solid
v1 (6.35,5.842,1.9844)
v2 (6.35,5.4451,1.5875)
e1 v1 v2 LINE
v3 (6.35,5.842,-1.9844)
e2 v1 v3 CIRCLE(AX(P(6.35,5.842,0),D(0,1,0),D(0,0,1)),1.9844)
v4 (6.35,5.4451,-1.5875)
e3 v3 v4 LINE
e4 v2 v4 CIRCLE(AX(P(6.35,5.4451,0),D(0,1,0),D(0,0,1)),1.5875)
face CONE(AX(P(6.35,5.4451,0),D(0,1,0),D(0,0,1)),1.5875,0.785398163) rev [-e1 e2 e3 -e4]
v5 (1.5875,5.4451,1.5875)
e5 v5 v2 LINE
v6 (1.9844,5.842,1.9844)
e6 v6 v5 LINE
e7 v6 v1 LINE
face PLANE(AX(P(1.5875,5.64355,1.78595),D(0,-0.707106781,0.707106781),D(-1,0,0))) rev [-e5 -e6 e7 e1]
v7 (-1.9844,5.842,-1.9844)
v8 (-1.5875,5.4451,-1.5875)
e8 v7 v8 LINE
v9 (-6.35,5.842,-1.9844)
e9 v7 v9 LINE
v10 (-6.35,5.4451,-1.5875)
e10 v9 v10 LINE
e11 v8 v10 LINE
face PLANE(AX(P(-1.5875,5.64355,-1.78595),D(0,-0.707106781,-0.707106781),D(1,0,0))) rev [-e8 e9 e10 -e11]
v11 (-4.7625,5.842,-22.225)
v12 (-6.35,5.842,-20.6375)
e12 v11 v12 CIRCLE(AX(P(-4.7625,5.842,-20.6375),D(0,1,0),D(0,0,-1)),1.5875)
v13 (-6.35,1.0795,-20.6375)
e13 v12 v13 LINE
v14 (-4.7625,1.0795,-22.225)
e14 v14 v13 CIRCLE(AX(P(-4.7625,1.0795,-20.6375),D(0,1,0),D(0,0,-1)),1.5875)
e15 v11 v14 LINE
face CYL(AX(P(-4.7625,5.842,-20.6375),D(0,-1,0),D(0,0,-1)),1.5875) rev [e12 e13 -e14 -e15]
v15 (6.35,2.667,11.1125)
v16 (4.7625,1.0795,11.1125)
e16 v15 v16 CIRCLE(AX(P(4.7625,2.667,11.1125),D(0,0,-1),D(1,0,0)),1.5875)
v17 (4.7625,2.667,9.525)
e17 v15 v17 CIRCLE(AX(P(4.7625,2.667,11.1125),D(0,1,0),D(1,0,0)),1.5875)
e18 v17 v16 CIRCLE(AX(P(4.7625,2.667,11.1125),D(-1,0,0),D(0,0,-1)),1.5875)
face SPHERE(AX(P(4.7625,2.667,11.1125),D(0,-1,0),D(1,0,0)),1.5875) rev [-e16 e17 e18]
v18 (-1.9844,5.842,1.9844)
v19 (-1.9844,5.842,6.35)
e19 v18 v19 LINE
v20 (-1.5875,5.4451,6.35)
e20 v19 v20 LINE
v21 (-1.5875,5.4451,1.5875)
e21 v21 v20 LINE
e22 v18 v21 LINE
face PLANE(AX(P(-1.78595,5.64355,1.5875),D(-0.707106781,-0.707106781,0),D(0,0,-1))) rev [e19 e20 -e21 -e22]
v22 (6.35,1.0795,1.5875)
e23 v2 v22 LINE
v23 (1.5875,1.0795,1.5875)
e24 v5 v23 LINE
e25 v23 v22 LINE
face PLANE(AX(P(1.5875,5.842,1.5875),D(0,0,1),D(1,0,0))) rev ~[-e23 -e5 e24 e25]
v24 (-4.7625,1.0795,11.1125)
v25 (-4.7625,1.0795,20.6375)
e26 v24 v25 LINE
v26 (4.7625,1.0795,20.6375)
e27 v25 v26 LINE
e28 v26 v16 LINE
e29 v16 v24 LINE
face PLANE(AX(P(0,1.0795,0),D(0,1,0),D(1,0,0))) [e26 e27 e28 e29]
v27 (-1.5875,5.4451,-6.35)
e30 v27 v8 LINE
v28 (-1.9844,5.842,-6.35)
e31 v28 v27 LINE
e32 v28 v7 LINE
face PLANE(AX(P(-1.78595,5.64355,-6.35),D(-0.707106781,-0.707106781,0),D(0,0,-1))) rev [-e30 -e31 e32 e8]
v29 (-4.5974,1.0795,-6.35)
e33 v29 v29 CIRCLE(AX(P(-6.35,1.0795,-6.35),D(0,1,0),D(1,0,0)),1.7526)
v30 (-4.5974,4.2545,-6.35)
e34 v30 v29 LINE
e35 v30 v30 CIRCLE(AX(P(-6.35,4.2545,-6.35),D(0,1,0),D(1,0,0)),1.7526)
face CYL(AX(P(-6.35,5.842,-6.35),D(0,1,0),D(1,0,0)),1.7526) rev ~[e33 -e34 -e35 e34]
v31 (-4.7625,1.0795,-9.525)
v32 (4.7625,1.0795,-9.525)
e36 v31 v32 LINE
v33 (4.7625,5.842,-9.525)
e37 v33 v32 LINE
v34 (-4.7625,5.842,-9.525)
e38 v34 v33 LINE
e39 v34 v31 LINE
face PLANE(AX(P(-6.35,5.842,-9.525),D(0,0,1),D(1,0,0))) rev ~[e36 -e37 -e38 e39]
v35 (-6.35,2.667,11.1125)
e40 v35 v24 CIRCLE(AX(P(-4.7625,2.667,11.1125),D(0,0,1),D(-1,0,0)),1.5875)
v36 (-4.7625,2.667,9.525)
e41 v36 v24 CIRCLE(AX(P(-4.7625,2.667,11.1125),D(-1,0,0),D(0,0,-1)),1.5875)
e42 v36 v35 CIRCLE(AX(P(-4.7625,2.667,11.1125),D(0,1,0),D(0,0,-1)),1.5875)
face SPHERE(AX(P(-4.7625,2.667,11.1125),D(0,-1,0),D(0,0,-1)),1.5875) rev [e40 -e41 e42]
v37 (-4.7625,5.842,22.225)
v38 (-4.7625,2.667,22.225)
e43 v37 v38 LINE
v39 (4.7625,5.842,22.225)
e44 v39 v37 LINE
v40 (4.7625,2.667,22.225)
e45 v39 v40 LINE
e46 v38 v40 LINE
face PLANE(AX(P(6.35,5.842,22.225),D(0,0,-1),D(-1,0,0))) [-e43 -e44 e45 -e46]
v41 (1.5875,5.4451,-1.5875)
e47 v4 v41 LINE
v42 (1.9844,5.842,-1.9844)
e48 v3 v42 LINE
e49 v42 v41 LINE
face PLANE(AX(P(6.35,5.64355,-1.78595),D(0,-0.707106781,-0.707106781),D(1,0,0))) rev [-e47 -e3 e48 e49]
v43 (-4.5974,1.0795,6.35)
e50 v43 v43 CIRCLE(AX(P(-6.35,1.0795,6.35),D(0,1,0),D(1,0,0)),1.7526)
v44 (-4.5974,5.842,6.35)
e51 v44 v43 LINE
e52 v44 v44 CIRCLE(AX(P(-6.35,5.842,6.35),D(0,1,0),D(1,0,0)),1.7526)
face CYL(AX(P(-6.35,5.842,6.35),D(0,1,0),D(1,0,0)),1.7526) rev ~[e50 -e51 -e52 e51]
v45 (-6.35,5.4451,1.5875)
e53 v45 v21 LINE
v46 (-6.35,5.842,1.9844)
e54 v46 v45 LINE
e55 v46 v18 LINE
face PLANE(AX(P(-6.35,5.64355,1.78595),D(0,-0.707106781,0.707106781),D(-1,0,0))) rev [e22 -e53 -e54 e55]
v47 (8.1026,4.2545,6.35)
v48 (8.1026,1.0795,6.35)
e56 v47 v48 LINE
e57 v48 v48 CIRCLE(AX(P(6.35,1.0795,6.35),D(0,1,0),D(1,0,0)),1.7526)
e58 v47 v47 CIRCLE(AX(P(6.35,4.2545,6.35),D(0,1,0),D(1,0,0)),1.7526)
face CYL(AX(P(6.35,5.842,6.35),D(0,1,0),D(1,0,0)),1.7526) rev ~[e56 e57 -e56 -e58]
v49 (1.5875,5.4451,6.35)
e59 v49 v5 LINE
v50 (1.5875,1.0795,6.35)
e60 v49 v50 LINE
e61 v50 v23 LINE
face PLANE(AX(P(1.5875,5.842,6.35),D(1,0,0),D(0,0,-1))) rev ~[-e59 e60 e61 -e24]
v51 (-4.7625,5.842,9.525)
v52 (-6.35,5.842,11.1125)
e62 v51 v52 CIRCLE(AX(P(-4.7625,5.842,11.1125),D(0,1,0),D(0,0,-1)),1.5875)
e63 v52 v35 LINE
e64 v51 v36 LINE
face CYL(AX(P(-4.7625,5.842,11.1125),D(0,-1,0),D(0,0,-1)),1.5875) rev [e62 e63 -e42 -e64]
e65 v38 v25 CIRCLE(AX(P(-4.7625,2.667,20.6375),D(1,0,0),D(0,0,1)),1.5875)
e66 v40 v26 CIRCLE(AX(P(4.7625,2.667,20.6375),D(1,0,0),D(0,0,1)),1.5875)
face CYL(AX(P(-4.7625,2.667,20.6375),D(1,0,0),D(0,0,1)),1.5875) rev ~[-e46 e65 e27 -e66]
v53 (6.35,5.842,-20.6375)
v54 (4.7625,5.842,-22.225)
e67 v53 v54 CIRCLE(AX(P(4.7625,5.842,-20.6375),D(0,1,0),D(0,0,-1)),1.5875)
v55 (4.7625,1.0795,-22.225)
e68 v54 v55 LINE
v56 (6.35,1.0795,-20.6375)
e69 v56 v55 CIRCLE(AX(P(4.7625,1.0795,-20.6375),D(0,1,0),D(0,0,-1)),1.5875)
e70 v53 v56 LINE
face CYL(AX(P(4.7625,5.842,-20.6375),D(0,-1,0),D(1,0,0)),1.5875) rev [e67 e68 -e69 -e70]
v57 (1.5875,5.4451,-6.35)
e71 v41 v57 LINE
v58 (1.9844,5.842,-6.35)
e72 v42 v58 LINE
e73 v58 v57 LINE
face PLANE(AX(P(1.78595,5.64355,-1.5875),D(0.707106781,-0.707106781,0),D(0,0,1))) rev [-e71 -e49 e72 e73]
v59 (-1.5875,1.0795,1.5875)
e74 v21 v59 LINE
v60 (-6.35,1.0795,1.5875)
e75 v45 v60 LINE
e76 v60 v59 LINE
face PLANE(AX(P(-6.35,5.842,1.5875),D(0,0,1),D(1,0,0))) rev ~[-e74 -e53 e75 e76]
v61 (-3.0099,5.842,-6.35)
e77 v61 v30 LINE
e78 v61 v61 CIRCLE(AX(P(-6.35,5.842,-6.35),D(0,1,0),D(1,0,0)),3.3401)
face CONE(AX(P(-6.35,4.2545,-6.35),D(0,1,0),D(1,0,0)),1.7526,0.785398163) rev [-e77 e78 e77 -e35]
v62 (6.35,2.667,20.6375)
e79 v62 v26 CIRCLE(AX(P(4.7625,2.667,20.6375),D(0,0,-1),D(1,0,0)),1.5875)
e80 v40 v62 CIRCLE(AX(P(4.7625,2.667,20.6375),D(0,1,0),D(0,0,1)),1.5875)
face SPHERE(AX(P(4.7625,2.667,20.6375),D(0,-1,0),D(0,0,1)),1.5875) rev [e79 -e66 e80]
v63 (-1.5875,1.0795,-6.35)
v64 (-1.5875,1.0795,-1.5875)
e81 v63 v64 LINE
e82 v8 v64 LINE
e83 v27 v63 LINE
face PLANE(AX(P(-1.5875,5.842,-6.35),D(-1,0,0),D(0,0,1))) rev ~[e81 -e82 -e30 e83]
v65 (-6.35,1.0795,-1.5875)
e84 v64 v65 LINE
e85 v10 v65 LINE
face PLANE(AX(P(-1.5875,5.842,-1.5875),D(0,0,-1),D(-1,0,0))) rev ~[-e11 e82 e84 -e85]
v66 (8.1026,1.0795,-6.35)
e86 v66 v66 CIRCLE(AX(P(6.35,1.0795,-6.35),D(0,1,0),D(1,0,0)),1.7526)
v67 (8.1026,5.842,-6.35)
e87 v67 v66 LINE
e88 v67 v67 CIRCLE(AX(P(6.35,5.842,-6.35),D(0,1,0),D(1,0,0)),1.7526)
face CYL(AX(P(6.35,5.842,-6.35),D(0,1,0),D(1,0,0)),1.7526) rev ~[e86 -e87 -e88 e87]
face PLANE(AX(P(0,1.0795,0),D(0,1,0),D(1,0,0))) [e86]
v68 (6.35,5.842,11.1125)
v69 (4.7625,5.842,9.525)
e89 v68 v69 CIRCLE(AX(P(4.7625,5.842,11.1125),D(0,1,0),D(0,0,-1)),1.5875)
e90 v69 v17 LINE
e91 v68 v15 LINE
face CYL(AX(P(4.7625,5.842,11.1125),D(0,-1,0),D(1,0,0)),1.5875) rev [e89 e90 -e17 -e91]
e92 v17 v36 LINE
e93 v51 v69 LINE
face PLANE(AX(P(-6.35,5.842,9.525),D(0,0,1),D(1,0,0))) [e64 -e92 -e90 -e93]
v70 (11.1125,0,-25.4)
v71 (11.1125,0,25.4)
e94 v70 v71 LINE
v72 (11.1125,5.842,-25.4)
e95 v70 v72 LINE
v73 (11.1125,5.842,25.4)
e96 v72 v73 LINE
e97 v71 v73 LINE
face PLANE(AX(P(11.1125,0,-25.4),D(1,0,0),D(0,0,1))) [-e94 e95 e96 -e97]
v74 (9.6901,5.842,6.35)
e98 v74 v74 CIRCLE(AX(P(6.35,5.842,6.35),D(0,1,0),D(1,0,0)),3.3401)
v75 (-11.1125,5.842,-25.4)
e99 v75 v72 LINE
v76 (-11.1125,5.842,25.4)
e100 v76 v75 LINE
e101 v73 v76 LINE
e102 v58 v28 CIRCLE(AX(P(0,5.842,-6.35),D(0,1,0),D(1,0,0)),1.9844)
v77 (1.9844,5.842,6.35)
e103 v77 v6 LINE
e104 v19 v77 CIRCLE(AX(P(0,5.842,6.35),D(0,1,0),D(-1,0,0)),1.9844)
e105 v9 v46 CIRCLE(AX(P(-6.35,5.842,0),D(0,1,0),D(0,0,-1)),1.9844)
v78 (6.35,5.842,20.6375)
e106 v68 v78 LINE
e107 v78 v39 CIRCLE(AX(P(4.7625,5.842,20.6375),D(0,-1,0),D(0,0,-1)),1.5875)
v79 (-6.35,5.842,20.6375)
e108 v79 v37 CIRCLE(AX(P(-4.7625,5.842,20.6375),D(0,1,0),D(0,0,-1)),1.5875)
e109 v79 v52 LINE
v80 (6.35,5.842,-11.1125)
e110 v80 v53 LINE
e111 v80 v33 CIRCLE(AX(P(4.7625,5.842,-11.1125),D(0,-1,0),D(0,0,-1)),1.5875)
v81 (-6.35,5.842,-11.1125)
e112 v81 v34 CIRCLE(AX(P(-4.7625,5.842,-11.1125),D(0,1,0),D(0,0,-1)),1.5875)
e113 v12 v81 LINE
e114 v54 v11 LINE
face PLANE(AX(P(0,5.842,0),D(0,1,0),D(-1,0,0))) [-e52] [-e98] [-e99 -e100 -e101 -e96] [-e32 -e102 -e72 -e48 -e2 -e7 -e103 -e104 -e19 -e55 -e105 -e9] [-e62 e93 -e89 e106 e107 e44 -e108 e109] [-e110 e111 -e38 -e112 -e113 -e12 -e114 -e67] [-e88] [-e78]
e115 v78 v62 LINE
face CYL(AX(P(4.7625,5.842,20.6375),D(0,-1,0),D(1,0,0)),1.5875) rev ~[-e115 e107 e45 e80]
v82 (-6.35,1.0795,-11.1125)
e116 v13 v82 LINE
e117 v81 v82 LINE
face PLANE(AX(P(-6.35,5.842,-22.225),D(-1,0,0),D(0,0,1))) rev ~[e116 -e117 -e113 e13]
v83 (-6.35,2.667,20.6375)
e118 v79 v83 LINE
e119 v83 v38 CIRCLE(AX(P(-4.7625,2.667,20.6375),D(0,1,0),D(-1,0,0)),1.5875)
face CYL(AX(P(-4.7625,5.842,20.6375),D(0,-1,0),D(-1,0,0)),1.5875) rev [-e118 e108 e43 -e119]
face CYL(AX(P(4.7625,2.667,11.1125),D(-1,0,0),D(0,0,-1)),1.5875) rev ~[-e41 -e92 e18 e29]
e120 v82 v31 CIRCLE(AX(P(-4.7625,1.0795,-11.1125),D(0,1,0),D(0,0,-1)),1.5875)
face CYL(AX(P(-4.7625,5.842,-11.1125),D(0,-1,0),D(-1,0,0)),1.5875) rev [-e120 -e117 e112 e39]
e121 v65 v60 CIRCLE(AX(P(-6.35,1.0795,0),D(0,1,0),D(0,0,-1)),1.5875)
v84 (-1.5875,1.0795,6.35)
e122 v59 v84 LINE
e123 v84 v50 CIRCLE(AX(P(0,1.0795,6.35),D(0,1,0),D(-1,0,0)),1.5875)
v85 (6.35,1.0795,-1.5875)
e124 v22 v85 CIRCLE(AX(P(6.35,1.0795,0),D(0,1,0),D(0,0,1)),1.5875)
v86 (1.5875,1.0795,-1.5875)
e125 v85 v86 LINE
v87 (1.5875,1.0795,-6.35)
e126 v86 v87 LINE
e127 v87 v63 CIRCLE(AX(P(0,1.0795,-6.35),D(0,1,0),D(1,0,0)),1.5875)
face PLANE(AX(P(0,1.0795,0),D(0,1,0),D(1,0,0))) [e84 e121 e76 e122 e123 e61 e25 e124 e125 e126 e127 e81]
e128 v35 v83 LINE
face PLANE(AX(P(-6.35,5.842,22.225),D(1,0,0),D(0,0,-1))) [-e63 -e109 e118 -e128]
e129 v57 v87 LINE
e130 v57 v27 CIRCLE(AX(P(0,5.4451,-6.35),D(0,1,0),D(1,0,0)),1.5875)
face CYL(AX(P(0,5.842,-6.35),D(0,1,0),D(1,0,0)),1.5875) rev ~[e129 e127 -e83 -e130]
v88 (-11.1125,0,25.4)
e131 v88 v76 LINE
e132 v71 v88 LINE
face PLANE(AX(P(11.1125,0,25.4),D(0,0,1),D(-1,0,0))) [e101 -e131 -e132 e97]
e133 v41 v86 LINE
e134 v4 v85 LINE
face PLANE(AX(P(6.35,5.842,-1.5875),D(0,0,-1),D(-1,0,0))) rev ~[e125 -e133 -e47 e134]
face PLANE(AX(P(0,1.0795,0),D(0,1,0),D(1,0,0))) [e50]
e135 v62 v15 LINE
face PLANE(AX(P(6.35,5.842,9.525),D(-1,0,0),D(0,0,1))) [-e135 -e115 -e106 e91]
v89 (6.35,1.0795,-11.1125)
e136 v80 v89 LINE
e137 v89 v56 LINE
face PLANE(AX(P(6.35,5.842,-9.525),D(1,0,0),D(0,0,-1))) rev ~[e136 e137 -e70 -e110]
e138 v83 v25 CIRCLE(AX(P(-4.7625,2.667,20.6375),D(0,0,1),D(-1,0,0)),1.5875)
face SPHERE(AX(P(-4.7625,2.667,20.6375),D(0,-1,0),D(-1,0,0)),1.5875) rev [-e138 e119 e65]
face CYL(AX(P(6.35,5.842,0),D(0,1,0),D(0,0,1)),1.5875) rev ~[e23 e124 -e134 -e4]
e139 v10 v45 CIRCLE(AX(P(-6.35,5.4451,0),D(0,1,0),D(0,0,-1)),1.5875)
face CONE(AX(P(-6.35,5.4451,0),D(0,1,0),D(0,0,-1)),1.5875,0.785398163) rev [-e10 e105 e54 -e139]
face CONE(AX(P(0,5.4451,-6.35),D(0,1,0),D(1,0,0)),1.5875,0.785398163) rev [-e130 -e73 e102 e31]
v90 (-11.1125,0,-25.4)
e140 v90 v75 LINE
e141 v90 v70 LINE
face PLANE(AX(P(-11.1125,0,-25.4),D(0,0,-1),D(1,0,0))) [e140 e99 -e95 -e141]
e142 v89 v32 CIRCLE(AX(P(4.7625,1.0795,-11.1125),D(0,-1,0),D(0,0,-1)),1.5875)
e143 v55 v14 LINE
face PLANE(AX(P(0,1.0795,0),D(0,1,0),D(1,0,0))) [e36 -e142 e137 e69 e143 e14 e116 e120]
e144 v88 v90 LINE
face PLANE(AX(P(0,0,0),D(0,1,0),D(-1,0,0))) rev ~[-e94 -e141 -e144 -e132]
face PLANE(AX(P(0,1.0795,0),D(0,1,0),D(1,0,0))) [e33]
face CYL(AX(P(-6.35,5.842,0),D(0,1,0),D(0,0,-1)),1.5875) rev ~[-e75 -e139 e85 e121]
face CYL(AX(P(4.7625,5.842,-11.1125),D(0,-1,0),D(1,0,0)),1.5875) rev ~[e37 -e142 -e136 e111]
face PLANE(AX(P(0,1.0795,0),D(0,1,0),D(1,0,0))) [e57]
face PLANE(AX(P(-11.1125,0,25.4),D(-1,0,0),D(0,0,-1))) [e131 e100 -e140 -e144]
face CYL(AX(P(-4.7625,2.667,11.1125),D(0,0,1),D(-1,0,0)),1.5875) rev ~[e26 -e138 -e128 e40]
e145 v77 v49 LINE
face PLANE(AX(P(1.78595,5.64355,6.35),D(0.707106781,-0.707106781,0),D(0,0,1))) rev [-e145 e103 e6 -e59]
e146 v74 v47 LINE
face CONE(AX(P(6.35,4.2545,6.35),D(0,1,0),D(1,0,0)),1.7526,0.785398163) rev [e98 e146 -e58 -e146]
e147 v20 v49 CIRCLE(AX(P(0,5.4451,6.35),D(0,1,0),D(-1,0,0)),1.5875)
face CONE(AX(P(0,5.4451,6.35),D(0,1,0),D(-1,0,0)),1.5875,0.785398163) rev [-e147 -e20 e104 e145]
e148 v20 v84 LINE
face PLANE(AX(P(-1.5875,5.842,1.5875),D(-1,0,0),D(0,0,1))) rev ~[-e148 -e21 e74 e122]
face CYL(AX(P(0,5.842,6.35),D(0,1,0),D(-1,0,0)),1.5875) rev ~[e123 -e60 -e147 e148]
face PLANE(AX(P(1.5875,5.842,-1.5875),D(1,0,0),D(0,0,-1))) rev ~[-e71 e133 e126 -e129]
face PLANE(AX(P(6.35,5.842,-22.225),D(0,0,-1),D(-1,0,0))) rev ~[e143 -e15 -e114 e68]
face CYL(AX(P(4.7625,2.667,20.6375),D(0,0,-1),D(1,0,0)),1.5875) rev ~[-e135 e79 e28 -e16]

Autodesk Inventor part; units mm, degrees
ref_plane "YZ Plane" through (0, 0, 0) normal (1, 0, 0) x (0, 1, 0)
ref_plane "XZ Plane" through (0, 0, 0) normal (0, 1, 0) x (-1, 0, 0)
ref_plane "XY Plane" through (0, 0, 0) normal (0, 0, 1) x (1, 0, 0)
sketch "Sketch1" plane through (0, 0, 0) normal (0, 1, 0) x (-1, 0, 0)
  line L0 (-11.1125, 25.4) -> (11.1125, 25.4)
  line L1 (11.1125, 25.4) -> (11.1125, -25.4)
  line L2 (11.1125, -25.4) -> (-11.1125, -25.4)
  line L3 (-11.1125, -25.4) -> (-11.1125, 25.4)
  line L4 (-11.1125, 25.4) -> (11.1125, -25.4) construction
  line L5 (11.1125, 25.4) -> (-11.1125, -25.4) construction
  point P0 (0, 0)
  dimension "d0" = 22.225
  dimension "d1" = 50.8
extrude "Extrusion1" add sketch "Sketch1" along normal blind 5.842
sketch "Sketch2" plane through (0, 5.842, 0) normal (0, 1, 0) x (1, 0, 0)
  line L0 (-11.1125, -25.4) -> (11.1125, -25.4) construction
  line L1 (0, -25.4) -> (0, 25.4) construction
  line L2 (11.1125, 25.4) -> (-11.1125, 25.4) construction
  line L3 (-11.1125, 25.4) -> (-11.1125, -25.4) construction
  line L4 (-11.1125, 0) -> (11.1125, 0) construction
  line L5 (11.1125, -25.4) -> (11.1125, 25.4) construction
  line L6 (6.35, 0) -> (-6.35, 0) construction
  line L7 (6.35, 1.5875) -> (-6.35, 1.5875)
  line L8 (-6.35, -1.5875) -> (6.35, -1.5875)
  arc A0 (6.35, -1.5875) -> (6.35, 1.5875) centre (6.35, 0) ccw
  arc A1 (-6.35, 1.5875) -> (-6.35, -1.5875) centre (-6.35, 0) ccw
  line L9 (0, -6.35) -> (0, 6.35) construction
  line L10 (1.5875, -6.35) -> (1.5875, 6.35)
  line L11 (-1.5875, 6.35) -> (-1.5875, -6.35)
  arc A2 (-1.5875, -6.35) -> (1.5875, -6.35) centre (0, -6.35) ccw
  arc A3 (1.5875, 6.35) -> (-1.5875, 6.35) centre (0, 6.35) ccw
  line L12 (6.35, -22.225) -> (-6.35, -22.225)
  line L13 (-6.35, -22.225) -> (-6.35, -9.525)
  line L14 (-6.35, -9.525) -> (6.35, -9.525)
  line L15 (6.35, -9.525) -> (6.35, -22.225)
  line L16 (6.35, -22.225) -> (-6.35, -9.525) construction
  line L17 (-6.35, -22.225) -> (6.35, -9.525) construction
  line L18 (6.35, 22.225) -> (-6.35, 22.225)
  line L19 (-6.35, 22.225) -> (-6.35, 9.525)
  line L20 (-6.35, 9.525) -> (6.35, 9.525)
  line L21 (6.35, 9.525) -> (6.35, 22.225)
  line L22 (6.35, 22.225) -> (-6.35, 9.525) construction
  line L23 (-6.35, 22.225) -> (6.35, 9.525) construction
  line L24 (6.35, -6.35) -> (-6.35, -6.35) construction
  line L25 (-6.35, -6.35) -> (-6.35, 6.35) construction
  line L26 (-6.35, 6.35) -> (6.35, 6.35) construction
  line L27 (6.35, 6.35) -> (6.35, -6.35) construction
  line L28 (6.35, -6.35) -> (-6.35, 6.35) construction
  line L29 (-6.35, -6.35) -> (6.35, 6.35) construction
  circle A4 centre (-6.35, -6.35) radius 1.7526
  circle A5 centre (-6.35, 6.35) radius 1.7526
  circle A6 centre (6.35, -6.35) radius 1.7526
  circle A7 centre (6.35, 6.35) radius 1.7526
  point P0 (0, 0)
  point P1 (0, -15.875)
  point P2 (0, 15.875)
  point P3 (-1.5875, 1.5875)
  point P4 (-1.5875, -1.5875)
  point P5 (1.5875, -1.5875)
  point P6 (1.5875, 1.5875)
  dimension "d4" = 6.35
  dimension "d5" = 3.175
  dimension "d6" = 6.35
  dimension "d7" = 3.175
  dimension "d8" = 12.7
  dimension "d9" = 12.7
  dimension "d10" = 9.525
  dimension "d11" = 12.7
  dimension "d12" = 12.7
  dimension "d13" = 3.5052
  dimension "d14" = 3.5052
  dimension "d15" = 3.5052
  dimension "d16" = 3.5052
extrude "Extrusion2" cut sketch "Sketch2" against normal blind 4.7625
fillet "Fillet1" radius 1.5875 8 edges at (-6.35, 3.4608, 22.225) (-6.35, 3.4608, 9.525) (6.35, 3.4608, 22.225) (6.35, 3.4608, 9.525) (-6.35, 3.4608, -9.525) (-6.35, 3.4608, -22.225) (6.35, 3.4608, -22.225) (6.35, 3.4608, -9.525)
chamfer "Chamfer1" distance 1.5875 angle 45 2 edges at (4.5974, 5.842, 6.35) (-8.1026, 5.842, -6.35)
chamfer "Chamfer2" distance 0.3969 angle 45 12 edges at (-1.5875, 5.842, -3.9687) (0, 5.842, -7.9375) (1.5875, 5.842, -3.9687) (-3.9688, 5.842, -1.5875) (-7.9375, 5.842, 0) (-3.9687, 5.842, 1.5875) (-1.5875, 5.842, 3.9687) (0, 5.842, 7.9375) (1.5875, 5.842, 3.9687) (3.9687, 5.842, -1.5875) (7.9375, 5.842, 0) (3.9688, 5.842, 1.5875)
fillet "Fillet2" radius 1.5875 8 edges at (-5.885, 1.0795, 21.76) (-6.35, 1.0795, 15.875) (-5.885, 1.0795, 9.99) (0, 1.0795, 9.525) (5.885, 1.0795, 9.99) (6.35, 1.0795, 15.875) (5.885, 1.0795, 21.76) (0, 1.0795, 22.225)
properties part number "Recipe Test A"
